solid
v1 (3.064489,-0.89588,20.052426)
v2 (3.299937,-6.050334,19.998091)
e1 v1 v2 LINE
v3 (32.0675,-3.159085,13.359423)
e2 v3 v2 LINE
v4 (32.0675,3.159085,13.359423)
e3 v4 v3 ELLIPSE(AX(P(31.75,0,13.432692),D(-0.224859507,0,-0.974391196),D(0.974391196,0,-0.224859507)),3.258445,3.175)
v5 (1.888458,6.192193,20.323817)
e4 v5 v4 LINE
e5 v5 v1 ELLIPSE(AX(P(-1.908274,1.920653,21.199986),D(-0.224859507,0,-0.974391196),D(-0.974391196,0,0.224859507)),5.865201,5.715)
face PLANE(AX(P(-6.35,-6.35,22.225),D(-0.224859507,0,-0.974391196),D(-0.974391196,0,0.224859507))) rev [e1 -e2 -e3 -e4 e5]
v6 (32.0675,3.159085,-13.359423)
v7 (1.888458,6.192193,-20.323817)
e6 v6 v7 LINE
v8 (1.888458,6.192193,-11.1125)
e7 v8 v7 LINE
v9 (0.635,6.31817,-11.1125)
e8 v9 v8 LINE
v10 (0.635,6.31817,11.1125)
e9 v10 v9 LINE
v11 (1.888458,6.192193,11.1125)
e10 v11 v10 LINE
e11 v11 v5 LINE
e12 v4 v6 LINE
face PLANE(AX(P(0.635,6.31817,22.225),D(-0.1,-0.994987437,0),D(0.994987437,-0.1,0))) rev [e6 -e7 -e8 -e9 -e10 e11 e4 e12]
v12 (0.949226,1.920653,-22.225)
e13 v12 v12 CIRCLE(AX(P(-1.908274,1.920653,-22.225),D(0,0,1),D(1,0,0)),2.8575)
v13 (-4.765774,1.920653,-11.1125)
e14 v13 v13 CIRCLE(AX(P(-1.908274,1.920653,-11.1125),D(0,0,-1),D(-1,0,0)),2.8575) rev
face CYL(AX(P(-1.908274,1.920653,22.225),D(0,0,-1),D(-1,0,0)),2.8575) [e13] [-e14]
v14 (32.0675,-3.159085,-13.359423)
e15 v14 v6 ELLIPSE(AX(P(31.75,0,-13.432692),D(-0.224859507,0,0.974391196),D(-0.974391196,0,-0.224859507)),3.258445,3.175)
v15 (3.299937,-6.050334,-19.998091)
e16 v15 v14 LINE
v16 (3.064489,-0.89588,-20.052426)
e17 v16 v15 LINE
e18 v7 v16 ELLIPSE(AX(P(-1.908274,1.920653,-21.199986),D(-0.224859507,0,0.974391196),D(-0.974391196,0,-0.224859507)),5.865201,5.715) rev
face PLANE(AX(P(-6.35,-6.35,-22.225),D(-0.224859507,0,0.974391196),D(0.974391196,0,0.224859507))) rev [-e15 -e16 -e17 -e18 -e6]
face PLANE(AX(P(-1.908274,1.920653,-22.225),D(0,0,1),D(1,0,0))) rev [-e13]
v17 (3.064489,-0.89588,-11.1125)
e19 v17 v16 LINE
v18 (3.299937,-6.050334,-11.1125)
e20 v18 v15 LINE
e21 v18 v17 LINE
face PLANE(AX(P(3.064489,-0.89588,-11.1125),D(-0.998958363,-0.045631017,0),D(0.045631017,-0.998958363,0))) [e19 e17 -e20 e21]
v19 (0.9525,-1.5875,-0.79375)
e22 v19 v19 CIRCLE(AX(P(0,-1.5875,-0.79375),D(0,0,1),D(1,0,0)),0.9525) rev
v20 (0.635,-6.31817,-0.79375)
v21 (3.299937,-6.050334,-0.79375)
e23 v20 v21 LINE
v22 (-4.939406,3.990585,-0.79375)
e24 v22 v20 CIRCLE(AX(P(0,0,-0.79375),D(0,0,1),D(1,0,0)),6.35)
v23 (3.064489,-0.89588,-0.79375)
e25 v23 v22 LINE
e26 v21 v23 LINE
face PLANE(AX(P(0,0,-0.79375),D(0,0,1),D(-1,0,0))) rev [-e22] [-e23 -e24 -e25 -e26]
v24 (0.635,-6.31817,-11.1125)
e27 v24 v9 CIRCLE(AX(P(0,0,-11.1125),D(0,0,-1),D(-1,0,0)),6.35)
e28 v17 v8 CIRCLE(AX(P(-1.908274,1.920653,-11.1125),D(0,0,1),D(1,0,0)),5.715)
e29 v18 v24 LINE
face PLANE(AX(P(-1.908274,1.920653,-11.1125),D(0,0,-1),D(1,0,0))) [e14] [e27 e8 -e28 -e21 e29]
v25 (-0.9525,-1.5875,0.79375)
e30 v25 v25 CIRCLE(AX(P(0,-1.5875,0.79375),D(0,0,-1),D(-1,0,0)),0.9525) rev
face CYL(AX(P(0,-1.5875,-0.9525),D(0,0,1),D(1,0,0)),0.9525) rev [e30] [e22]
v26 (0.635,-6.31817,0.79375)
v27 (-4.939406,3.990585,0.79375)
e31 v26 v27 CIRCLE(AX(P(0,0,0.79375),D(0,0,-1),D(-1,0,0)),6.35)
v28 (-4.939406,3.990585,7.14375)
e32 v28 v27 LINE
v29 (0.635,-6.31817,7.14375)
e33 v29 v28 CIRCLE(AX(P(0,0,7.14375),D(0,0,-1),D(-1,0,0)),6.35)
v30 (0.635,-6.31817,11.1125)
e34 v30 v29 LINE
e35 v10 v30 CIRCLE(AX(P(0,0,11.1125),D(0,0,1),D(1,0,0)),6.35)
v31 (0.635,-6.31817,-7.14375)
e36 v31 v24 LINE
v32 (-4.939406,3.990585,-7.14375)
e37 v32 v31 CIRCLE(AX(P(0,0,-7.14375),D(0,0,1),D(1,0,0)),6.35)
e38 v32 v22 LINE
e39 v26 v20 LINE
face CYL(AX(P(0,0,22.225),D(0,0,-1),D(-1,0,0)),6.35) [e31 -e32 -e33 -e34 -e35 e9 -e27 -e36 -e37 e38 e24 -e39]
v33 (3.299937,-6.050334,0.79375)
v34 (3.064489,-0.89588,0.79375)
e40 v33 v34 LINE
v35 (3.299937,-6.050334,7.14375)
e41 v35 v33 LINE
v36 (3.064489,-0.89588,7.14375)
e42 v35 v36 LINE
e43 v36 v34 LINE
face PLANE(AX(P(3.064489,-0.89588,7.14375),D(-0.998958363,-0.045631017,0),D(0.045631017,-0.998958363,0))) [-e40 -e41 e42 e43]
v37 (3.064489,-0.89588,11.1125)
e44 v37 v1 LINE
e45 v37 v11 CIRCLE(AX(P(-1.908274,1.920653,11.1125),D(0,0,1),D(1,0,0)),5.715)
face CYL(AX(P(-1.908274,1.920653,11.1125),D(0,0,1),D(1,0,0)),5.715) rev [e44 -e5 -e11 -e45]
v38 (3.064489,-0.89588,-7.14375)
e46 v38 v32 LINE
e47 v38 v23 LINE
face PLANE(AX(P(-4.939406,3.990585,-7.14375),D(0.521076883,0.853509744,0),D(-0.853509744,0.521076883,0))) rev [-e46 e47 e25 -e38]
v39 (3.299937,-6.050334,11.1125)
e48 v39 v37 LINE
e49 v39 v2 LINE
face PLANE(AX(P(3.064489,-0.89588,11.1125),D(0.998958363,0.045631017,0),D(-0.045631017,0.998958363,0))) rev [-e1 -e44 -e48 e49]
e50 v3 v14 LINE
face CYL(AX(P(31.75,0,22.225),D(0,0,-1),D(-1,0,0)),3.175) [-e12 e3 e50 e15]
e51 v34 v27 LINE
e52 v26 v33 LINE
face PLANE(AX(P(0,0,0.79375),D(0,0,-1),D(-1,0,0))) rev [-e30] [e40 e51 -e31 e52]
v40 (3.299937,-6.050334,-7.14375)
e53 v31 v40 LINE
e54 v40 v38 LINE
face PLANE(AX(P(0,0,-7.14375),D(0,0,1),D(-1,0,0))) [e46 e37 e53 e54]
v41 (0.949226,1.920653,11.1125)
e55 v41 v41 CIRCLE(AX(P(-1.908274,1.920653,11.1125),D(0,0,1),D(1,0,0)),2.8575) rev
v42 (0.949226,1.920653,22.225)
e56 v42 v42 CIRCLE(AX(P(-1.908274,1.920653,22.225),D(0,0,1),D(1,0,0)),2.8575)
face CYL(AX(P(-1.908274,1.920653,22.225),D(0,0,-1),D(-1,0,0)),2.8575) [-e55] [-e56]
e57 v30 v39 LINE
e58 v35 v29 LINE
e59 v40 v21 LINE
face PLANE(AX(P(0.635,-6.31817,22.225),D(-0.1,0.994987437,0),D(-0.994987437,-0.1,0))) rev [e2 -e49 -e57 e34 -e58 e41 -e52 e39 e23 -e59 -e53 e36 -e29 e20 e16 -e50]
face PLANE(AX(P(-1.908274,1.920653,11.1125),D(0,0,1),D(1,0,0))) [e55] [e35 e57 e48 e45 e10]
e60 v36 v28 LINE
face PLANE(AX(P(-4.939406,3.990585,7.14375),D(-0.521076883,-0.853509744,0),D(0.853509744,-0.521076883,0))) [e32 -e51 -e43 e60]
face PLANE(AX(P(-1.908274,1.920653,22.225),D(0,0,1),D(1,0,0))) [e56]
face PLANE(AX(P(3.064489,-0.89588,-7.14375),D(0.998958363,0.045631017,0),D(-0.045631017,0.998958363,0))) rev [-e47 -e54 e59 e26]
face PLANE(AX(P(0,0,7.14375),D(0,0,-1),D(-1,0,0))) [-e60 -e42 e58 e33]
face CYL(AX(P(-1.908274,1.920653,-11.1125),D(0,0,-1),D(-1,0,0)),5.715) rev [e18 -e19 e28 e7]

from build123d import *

# Parameters (mm, degrees)
SKETCH2_R               = 2.54
BOSS_EXTRUDE1_DEPTH     = 22.225
CUT_EXTRUDE1_DEPTH      = 7.35
CUT_EXTRUDE1_DEPTH_BACK = 7.35
SKETCH7_R               = 0.9525
CUT_EXTRUDE5_DEPTH      = 0.9525
CUT_EXTRUDE6_DEPTH      = 14.2875
SKETCH11_R              = 2.8575
BOSS_EXTRUDE2_DEPTH     = 22.225
CUT_EXTRUDE7_DEPTH      = 6.35


with BuildPart() as part:
    # Sketch2 → Boss-Extrude1 (new body, symmetric)
    with BuildSketch(Plane.XY):
        with BuildLine():
            Line((0.635, 6.318170226), (32.0675, 3.159085113))
            ThreePointArc((32.0675, 3.159085113), (34.925, 0), (32.0675, -3.159085113))
            Line((32.0675, -3.159085113), (0.635, -6.318170226))
            ThreePointArc((0.635, -6.318170226), (-6.35, 0), (0.635, 6.318170226))
        make_face()
        with Locations((-1.908273726, 1.920652886)):
            Circle(SKETCH2_R, mode=Mode.SUBTRACT)
    extrude(amount=BOSS_EXTRUDE1_DEPTH, both=True)

    # Sketch3 → Cut-Extrude1 (cut, two sides)
    with BuildSketch(Plane(origin=(0, 0, 0), x_dir=(1, 0, 0), z_dir=(0, 1, 0))) as cut_extrude1_sk:
        Polygon((-6.35, 22.225), (34.925, 12.7), (34.925, 31.680918885), align=None)
        Polygon((-6.35, -22.225), (34.925, -12.7), (34.925, -37.636863469), align=None)
    extrude(amount=CUT_EXTRUDE1_DEPTH, mode=Mode.SUBTRACT)
    extrude(cut_extrude1_sk.sketch, amount=-CUT_EXTRUDE1_DEPTH_BACK, mode=Mode.SUBTRACT)

    # Sketch7 → Cut-Extrude5 (cut, symmetric)
    with BuildSketch(Plane.XY):
        with Locations((0, -1.5875)):
            Circle(SKETCH7_R)
    extrude(amount=CUT_EXTRUDE5_DEPTH, both=True, mode=Mode.SUBTRACT)

    # Sketch5 → Cut-Extrude6 (cut)
    with BuildSketch(Plane.XY.offset(25.4)):
        with BuildLine():
            Line((3.064489009, -0.895879696), (3.299937252, -6.050333954))
            Line((3.299937252, -6.050333954), (5.210798469, -13.210091767))
            Line((5.210798469, -13.210091767), (-7.623273726, -5.718328917))
            Line((-7.623273726, -5.718328917), (-7.623273726, 1.920652886))
            ThreePointArc((-7.623273726, 1.920652886), (-0.451927961, 7.446979153), (3.064489009, -0.895879696))
        make_face()
    cut_extrude6 = extrude(amount=-CUT_EXTRUDE6_DEPTH, mode=Mode.SUBTRACT)

    # Mirror2: Cut-Extrude6 across plane
    add(cut_extrude6.mirror(Plane.XY), mode=Mode.SUBTRACT)

    # Sketch11 → Boss-Extrude2 (add, symmetric)
    with BuildSketch(Plane.XY):
        with Locations(Location((-1.908273726, 1.920652886, 0), (0, 0, 180))):  # turned: the seam where the file's is
            Circle(SKETCH11_R)
    extrude(amount=BOSS_EXTRUDE2_DEPTH, both=True)

    # Sketch9 → Cut-Extrude7 (cut)
    with BuildSketch(Plane.XY.offset(0.79375)):
        Polygon((-4.939406342, 3.990584542), (3.064489009, -0.895879696), (3.299937252, -6.050333954), (-14.496579657, -7.838951202), align=None)
    cut_extrude7 = extrude(amount=CUT_EXTRUDE7_DEPTH, mode=Mode.SUBTRACT)

    # Mirror1: Cut-Extrude7 across plane
    add(cut_extrude7.mirror(Plane.XY), mode=Mode.SUBTRACT)


solid = part.part
